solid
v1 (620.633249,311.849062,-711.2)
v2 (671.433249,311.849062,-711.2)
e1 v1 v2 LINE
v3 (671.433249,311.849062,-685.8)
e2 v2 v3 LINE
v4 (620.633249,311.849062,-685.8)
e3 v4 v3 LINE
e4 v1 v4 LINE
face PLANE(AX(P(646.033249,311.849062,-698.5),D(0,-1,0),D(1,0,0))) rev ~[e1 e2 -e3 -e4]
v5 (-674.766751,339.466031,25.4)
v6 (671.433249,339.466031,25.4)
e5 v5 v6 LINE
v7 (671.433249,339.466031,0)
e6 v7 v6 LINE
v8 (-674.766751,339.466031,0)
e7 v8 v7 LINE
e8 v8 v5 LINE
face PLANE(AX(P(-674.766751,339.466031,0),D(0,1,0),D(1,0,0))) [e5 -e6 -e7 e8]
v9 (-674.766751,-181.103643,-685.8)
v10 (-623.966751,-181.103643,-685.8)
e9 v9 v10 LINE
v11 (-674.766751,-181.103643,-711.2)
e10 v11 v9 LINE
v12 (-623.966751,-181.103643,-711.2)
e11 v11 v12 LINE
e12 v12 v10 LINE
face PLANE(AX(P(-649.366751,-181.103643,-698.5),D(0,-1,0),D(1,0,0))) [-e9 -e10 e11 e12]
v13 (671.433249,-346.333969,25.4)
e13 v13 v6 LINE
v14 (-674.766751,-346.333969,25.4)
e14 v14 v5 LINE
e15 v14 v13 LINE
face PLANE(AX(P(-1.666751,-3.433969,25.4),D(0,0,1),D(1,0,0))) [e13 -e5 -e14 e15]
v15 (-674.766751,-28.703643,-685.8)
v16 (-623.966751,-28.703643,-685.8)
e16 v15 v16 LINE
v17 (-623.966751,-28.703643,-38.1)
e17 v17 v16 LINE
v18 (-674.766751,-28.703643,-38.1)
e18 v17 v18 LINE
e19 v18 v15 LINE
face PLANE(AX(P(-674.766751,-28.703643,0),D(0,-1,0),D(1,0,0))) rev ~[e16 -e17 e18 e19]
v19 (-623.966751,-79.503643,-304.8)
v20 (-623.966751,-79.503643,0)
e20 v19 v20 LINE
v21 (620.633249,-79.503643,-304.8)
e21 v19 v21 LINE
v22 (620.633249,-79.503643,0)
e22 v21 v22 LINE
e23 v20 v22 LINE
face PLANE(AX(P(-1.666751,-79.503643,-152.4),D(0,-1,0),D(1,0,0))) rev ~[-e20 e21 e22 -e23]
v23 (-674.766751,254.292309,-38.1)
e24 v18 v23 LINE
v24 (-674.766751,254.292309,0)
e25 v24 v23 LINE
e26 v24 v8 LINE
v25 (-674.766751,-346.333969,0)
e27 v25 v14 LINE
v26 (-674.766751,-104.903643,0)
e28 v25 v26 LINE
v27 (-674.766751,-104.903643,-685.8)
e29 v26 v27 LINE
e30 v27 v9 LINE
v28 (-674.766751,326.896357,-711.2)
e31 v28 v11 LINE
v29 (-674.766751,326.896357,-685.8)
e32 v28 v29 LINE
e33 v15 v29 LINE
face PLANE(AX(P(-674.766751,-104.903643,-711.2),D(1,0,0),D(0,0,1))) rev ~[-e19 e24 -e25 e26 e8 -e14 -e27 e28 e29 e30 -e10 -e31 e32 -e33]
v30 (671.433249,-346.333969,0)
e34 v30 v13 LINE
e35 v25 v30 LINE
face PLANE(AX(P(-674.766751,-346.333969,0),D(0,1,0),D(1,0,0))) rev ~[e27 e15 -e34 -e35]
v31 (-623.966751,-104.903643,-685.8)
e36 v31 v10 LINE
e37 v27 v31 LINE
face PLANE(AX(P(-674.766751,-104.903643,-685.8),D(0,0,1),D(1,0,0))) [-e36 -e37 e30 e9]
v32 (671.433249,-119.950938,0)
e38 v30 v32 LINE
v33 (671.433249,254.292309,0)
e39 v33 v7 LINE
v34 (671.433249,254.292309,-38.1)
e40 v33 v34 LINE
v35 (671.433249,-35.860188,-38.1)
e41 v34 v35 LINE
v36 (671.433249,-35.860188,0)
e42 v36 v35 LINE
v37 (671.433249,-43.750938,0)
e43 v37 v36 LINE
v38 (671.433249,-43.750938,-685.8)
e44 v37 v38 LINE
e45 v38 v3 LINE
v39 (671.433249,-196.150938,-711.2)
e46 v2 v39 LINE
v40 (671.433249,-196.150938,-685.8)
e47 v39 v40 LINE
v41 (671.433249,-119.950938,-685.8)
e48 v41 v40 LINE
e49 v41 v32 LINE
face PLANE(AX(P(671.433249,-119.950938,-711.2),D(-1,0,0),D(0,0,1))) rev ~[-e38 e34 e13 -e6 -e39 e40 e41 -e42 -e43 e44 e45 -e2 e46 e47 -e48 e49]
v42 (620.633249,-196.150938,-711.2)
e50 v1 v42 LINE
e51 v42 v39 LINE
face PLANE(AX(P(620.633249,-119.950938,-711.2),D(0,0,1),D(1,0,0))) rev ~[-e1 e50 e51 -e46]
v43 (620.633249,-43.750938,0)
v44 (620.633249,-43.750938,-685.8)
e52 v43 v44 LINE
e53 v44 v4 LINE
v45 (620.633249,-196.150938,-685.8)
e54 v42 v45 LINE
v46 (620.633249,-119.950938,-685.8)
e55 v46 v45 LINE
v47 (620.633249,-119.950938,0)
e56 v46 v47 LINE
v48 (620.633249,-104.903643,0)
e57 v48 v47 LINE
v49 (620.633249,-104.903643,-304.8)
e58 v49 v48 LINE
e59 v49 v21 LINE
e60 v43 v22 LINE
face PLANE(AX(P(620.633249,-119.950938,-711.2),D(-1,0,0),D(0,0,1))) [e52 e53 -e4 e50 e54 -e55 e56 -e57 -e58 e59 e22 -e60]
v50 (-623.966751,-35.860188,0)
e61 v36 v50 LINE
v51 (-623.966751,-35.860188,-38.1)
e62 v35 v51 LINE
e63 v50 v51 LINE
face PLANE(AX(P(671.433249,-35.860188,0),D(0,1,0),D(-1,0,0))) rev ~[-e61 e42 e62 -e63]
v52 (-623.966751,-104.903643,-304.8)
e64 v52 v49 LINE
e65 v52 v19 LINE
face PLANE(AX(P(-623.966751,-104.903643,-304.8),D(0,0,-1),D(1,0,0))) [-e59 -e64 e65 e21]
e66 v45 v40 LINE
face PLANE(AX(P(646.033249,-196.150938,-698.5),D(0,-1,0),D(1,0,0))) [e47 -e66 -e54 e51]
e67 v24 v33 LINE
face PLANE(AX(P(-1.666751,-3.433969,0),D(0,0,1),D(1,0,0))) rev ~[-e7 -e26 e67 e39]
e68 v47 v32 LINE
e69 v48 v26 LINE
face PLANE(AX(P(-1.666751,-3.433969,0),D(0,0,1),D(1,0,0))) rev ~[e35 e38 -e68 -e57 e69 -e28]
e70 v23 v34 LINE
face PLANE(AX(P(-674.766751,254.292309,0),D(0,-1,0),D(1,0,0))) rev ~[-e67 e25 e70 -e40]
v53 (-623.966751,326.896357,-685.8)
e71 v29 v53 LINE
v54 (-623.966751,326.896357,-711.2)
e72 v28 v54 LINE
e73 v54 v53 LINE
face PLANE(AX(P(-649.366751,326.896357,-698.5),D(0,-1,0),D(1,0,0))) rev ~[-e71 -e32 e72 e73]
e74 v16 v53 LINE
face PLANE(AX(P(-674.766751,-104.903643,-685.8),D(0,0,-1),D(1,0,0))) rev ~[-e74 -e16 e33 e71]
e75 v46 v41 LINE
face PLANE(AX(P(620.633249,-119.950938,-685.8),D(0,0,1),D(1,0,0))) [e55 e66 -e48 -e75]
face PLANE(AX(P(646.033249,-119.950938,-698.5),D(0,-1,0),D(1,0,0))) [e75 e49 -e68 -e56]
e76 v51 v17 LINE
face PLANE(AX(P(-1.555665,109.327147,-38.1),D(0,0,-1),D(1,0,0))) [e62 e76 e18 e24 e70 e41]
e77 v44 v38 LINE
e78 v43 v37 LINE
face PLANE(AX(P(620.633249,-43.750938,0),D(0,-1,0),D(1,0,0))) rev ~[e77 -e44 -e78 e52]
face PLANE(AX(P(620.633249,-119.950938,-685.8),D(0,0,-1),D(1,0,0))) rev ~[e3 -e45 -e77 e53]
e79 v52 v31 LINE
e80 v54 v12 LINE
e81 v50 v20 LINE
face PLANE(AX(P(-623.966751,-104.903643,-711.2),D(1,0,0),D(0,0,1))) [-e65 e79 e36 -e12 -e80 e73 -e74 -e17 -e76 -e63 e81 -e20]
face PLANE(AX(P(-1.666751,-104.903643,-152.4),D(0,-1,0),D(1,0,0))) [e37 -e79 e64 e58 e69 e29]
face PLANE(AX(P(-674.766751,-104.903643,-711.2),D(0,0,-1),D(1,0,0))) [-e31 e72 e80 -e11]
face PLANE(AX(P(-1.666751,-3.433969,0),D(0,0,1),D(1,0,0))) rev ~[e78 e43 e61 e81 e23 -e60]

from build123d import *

# Parameters (mm, degrees)
F0_W           = 1346.2
F0_H           = 685.8
F1_DEPTH       = 25.4
F4_DEPTH       = 38.1
F2_W           = 50.8
F2_H           = 76.2
F5_DEPTH       = 685.8
F7_W           = 50.8
F7_H           = 25.4
F8_DEPTH       = 76.2
F8_DEPTH_BACK  = 431.8
F9_W           = 1244.6
F9_H           = 304.8
F10_DEPTH      = 25.4
F6_W           = 50.8
F6_H           = 25.4
F11_DEPTH      = 431.8
F11_DEPTH_BACK = 76.2


with BuildPart() as f1:
    # F0 (on Top) → F1 (new body)
    with BuildSketch(Plane.XY):
        with Locations((-1.6667507589, -3.4339692544)):
            Rectangle(F0_W, F0_H)
    extrude(amount=F1_DEPTH)

    # F3 (on face) → F4 (join)
    with BuildSketch(Plane(origin=(0, 0, 0), x_dir=(1, 0, 0), z_dir=(0, 0, -1))):
        Polygon((-674.7667507589, -254.2923092842), (671.4332492411, -254.2923092842), (671.4332492411, 35.8601883054), (-623.9667507589, 35.8601883054), (-623.9667507589, 28.7036430091), (-674.7667507589, 28.7036430091), align=None)
    extrude(amount=F4_DEPTH)

    # F2 (on face) → F5 (join)
    with BuildSketch(Plane(origin=(0, 0, 0), x_dir=(1, 0, 0), z_dir=(0, 0, -1))):
        with Locations((646.0332492411, 81.8509380281)):
            Rectangle(F2_W, F2_H)
        with Locations((-649.3667507589, 66.8036430091)):
            Rectangle(F2_W, F2_H)
    extrude(amount=F5_DEPTH)

    # F7 (on face) → F8 (join, two sides)
    with BuildSketch(Plane.XZ.offset(104.9036430091)) as f8_sk:
        with Locations((-649.3667507589, -698.5)):
            Rectangle(F7_W, F7_H)
    extrude(amount=F8_DEPTH)
    extrude(f8_sk.sketch, amount=-F8_DEPTH_BACK)

    # F9 (on face) → F10 (join)
    with BuildSketch(Plane.XZ.offset(104.9036430091)):
        with Locations((-1.6667507589, -152.4)):
            Rectangle(F9_W, F9_H)
    extrude(amount=-F10_DEPTH)

    # F6 (on face) → F11 (join, two sides)
    with BuildSketch(Plane.XZ.offset(119.9509380281)) as f11_sk:
        with Locations((646.0332492411, -698.5)):
            Rectangle(F6_W, F6_H)
    extrude(amount=-F11_DEPTH)
    extrude(f11_sk.sketch, amount=F11_DEPTH_BACK)


solid = f1.part
